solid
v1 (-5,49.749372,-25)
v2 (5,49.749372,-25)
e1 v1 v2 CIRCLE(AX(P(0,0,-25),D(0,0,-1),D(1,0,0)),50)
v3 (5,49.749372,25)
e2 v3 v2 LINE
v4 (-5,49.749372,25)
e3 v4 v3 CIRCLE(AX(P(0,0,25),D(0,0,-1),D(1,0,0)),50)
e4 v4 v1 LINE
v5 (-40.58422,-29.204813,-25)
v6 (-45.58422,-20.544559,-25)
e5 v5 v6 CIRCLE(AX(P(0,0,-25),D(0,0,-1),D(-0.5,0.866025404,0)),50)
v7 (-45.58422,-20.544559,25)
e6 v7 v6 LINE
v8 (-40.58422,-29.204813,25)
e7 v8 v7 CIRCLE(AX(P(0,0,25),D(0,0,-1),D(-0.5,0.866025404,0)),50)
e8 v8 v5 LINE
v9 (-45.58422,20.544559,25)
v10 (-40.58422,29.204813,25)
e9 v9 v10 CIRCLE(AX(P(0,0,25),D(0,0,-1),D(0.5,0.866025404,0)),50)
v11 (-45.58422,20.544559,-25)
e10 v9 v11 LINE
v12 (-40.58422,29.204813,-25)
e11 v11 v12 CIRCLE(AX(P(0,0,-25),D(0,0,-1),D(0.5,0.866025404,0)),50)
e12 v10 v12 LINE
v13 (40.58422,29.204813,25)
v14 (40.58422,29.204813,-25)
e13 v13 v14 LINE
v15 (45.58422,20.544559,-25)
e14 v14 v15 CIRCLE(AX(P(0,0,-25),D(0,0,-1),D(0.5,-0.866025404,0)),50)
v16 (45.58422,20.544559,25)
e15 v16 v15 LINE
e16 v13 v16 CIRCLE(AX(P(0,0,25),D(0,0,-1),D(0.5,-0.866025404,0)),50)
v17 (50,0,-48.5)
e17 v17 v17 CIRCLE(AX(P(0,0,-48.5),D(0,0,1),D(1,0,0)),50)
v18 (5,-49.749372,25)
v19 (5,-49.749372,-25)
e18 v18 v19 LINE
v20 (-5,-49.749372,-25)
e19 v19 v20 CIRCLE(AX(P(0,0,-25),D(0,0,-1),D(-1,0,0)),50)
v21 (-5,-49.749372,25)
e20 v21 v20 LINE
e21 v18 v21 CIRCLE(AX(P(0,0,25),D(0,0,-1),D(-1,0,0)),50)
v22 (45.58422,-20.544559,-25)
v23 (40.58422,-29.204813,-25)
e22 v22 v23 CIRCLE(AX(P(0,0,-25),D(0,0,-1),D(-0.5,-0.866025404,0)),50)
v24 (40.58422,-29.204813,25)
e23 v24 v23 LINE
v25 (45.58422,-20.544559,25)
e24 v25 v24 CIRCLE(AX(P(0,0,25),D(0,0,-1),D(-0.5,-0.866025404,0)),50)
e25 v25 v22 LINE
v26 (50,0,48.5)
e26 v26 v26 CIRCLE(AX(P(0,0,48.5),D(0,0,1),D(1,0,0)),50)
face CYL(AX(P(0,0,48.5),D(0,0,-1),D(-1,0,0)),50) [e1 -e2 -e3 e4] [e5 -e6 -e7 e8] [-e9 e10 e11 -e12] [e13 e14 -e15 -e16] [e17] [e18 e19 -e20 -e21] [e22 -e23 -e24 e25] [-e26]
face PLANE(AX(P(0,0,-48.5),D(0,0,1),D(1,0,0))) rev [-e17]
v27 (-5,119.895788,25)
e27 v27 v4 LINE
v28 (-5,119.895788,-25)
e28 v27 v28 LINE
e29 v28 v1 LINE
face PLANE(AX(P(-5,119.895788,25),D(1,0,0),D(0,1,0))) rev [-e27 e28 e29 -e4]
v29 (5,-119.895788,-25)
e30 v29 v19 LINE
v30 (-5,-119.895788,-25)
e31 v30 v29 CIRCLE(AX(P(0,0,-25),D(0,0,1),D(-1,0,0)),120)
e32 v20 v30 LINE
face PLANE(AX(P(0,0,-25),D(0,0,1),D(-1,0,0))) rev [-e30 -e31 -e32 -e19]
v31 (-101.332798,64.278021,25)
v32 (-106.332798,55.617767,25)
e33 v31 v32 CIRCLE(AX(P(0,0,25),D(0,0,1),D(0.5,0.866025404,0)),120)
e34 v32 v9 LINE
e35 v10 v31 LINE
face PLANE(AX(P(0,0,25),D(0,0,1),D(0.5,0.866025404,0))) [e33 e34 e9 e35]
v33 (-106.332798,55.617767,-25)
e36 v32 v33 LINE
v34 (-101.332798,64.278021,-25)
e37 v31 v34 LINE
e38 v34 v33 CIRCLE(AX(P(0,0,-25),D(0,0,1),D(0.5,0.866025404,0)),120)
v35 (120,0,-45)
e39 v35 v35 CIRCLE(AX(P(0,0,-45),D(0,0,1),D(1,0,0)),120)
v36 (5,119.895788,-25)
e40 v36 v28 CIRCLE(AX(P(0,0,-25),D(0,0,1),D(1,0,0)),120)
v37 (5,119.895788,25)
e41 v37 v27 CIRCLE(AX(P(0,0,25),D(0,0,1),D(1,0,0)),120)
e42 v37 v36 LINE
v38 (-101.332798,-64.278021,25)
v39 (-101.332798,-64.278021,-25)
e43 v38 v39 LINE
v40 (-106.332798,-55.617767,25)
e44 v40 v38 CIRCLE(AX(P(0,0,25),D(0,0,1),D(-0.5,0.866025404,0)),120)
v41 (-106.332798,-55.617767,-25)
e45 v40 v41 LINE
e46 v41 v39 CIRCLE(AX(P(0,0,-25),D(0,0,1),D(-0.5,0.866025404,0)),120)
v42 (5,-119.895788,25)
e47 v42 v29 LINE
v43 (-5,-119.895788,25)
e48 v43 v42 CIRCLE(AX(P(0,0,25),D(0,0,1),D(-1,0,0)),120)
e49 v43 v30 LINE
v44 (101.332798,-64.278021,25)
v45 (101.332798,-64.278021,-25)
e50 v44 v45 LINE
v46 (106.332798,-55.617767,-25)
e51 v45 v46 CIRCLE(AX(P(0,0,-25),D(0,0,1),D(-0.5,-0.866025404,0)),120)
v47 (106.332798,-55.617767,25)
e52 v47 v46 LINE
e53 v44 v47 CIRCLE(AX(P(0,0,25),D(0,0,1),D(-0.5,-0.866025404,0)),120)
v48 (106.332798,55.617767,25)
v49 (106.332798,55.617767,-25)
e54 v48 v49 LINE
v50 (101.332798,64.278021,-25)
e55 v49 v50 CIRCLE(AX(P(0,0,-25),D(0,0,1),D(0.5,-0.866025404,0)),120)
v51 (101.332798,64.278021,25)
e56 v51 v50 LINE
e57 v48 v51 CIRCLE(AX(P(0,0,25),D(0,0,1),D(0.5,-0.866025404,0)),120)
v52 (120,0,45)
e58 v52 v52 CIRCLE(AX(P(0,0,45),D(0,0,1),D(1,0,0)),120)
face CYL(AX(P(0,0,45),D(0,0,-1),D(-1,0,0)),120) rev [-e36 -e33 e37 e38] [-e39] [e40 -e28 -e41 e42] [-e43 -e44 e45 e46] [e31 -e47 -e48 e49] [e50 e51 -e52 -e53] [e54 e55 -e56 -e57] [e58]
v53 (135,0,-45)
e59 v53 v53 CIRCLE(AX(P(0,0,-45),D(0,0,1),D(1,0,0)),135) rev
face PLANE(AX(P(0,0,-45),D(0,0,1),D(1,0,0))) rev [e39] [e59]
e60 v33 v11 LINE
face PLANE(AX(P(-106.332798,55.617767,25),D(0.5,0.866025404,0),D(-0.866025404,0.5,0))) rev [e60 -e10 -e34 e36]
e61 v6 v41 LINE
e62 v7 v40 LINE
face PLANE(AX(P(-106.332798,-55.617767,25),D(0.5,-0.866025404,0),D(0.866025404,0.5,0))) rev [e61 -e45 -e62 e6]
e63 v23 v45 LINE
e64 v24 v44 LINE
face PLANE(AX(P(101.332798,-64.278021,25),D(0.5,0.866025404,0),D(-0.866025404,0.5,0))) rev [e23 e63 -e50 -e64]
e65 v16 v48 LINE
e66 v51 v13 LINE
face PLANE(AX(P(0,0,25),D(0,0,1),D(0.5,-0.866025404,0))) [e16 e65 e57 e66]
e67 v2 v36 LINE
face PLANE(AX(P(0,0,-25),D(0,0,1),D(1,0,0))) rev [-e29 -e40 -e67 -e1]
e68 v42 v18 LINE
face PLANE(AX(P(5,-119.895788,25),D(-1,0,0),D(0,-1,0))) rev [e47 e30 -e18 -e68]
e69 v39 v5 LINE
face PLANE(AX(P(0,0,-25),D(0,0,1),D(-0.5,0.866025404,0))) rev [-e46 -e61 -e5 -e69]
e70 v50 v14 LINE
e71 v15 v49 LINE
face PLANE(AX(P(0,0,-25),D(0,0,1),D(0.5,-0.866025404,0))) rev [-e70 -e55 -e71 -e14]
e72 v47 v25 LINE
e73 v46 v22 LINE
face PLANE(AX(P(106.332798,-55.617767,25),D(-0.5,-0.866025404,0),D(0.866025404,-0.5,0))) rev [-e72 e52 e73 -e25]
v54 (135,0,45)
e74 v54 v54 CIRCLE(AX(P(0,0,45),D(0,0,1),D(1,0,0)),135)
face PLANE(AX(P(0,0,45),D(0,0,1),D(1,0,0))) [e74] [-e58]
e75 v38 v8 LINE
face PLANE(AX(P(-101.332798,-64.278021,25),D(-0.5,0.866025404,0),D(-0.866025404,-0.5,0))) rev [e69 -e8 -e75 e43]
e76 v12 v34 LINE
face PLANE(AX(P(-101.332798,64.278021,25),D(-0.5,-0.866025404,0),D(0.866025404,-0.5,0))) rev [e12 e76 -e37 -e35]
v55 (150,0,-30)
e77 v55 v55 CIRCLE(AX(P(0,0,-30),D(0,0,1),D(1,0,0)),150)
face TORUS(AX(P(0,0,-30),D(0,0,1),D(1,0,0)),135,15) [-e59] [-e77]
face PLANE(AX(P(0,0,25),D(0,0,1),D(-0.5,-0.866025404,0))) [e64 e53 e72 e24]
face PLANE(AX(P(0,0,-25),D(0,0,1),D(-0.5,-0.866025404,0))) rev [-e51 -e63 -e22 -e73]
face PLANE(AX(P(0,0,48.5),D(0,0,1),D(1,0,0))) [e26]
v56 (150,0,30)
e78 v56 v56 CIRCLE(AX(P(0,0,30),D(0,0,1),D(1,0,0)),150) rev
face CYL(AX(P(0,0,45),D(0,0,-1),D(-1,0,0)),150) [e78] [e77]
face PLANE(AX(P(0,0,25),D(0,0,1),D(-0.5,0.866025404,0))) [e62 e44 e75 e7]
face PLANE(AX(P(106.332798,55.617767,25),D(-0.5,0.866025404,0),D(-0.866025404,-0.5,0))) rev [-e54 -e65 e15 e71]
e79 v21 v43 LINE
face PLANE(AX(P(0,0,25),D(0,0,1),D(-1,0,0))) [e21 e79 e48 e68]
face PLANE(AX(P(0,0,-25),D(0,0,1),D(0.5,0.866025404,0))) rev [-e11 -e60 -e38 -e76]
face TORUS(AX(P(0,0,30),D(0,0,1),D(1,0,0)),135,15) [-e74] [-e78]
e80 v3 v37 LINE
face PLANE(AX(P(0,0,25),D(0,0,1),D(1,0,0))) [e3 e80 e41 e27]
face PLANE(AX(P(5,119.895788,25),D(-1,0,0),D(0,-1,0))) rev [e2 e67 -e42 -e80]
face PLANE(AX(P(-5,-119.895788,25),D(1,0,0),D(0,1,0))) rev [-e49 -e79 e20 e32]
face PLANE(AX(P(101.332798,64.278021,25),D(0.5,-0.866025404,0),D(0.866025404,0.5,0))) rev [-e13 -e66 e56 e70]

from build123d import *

# Parameters (mm, degrees)
SKETCH1_R           = 50
BOSS_EXTRUDE1_DEPTH = 48.5
SKETCH2_R           = 150
SKETCH2_R_2         = 120
BOSS_EXTRUDE2_DEPTH = 45
BOSS_EXTRUDE3_DEPTH = 25
CIRPATTERN15_COUNT  = 6
FILLET1_R           = 15


with BuildPart() as part:
    # Sketch1 → Boss-Extrude1 (new, symmetric)
    with BuildSketch(Plane.XY):
        Circle(SKETCH1_R)
    extrude(amount=BOSS_EXTRUDE1_DEPTH, both=True)



with BuildPart() as body_2:
    # Sketch2 → Boss-Extrude2 (new, symmetric)
    with BuildSketch(Plane.XY):
        Circle(SKETCH2_R)
        Circle(SKETCH2_R_2, mode=Mode.SUBTRACT)
    extrude(amount=BOSS_EXTRUDE2_DEPTH, both=True)


with BuildPart() as part_1:
    add(part.part)

    add(body_2.part)  # Boss-Extrude3 merges body 2
    # Sketch3 → Boss-Extrude3 (add, symmetric)
    with BuildSketch(Plane.XY):
        with BuildLine():
            Line((-5, 119.895788083), (-5, 49.749371855))
            ThreePointArc((-5, 49.749371855), (0, 50), (5, 49.749371855))
            Line((5, 49.749371855), (5, 119.895788083))
            ThreePointArc((5, 119.895788083), (0, 120), (-5, 119.895788083))
        make_face()
    boss_extrude3 = extrude(amount=BOSS_EXTRUDE3_DEPTH, both=True)

    # CirPattern15: Boss-Extrude3 ×6 about axis
    cirpattern15_axis = Axis((0, 0, -53.35), (0, 0, 1))
    for i in range(1, CIRPATTERN15_COUNT):
        add(boss_extrude3.rotate(cirpattern15_axis, i * 360 / CIRPATTERN15_COUNT))

    # Fillet1
    fillet1_edges = [part_1.edges().sort_by_distance(p)[0] for p in [
        (-150, 0, -45),
        (-150, 0, 45),
    ]]
    fillet(fillet1_edges, radius=FILLET1_R)


solid = part_1.part
